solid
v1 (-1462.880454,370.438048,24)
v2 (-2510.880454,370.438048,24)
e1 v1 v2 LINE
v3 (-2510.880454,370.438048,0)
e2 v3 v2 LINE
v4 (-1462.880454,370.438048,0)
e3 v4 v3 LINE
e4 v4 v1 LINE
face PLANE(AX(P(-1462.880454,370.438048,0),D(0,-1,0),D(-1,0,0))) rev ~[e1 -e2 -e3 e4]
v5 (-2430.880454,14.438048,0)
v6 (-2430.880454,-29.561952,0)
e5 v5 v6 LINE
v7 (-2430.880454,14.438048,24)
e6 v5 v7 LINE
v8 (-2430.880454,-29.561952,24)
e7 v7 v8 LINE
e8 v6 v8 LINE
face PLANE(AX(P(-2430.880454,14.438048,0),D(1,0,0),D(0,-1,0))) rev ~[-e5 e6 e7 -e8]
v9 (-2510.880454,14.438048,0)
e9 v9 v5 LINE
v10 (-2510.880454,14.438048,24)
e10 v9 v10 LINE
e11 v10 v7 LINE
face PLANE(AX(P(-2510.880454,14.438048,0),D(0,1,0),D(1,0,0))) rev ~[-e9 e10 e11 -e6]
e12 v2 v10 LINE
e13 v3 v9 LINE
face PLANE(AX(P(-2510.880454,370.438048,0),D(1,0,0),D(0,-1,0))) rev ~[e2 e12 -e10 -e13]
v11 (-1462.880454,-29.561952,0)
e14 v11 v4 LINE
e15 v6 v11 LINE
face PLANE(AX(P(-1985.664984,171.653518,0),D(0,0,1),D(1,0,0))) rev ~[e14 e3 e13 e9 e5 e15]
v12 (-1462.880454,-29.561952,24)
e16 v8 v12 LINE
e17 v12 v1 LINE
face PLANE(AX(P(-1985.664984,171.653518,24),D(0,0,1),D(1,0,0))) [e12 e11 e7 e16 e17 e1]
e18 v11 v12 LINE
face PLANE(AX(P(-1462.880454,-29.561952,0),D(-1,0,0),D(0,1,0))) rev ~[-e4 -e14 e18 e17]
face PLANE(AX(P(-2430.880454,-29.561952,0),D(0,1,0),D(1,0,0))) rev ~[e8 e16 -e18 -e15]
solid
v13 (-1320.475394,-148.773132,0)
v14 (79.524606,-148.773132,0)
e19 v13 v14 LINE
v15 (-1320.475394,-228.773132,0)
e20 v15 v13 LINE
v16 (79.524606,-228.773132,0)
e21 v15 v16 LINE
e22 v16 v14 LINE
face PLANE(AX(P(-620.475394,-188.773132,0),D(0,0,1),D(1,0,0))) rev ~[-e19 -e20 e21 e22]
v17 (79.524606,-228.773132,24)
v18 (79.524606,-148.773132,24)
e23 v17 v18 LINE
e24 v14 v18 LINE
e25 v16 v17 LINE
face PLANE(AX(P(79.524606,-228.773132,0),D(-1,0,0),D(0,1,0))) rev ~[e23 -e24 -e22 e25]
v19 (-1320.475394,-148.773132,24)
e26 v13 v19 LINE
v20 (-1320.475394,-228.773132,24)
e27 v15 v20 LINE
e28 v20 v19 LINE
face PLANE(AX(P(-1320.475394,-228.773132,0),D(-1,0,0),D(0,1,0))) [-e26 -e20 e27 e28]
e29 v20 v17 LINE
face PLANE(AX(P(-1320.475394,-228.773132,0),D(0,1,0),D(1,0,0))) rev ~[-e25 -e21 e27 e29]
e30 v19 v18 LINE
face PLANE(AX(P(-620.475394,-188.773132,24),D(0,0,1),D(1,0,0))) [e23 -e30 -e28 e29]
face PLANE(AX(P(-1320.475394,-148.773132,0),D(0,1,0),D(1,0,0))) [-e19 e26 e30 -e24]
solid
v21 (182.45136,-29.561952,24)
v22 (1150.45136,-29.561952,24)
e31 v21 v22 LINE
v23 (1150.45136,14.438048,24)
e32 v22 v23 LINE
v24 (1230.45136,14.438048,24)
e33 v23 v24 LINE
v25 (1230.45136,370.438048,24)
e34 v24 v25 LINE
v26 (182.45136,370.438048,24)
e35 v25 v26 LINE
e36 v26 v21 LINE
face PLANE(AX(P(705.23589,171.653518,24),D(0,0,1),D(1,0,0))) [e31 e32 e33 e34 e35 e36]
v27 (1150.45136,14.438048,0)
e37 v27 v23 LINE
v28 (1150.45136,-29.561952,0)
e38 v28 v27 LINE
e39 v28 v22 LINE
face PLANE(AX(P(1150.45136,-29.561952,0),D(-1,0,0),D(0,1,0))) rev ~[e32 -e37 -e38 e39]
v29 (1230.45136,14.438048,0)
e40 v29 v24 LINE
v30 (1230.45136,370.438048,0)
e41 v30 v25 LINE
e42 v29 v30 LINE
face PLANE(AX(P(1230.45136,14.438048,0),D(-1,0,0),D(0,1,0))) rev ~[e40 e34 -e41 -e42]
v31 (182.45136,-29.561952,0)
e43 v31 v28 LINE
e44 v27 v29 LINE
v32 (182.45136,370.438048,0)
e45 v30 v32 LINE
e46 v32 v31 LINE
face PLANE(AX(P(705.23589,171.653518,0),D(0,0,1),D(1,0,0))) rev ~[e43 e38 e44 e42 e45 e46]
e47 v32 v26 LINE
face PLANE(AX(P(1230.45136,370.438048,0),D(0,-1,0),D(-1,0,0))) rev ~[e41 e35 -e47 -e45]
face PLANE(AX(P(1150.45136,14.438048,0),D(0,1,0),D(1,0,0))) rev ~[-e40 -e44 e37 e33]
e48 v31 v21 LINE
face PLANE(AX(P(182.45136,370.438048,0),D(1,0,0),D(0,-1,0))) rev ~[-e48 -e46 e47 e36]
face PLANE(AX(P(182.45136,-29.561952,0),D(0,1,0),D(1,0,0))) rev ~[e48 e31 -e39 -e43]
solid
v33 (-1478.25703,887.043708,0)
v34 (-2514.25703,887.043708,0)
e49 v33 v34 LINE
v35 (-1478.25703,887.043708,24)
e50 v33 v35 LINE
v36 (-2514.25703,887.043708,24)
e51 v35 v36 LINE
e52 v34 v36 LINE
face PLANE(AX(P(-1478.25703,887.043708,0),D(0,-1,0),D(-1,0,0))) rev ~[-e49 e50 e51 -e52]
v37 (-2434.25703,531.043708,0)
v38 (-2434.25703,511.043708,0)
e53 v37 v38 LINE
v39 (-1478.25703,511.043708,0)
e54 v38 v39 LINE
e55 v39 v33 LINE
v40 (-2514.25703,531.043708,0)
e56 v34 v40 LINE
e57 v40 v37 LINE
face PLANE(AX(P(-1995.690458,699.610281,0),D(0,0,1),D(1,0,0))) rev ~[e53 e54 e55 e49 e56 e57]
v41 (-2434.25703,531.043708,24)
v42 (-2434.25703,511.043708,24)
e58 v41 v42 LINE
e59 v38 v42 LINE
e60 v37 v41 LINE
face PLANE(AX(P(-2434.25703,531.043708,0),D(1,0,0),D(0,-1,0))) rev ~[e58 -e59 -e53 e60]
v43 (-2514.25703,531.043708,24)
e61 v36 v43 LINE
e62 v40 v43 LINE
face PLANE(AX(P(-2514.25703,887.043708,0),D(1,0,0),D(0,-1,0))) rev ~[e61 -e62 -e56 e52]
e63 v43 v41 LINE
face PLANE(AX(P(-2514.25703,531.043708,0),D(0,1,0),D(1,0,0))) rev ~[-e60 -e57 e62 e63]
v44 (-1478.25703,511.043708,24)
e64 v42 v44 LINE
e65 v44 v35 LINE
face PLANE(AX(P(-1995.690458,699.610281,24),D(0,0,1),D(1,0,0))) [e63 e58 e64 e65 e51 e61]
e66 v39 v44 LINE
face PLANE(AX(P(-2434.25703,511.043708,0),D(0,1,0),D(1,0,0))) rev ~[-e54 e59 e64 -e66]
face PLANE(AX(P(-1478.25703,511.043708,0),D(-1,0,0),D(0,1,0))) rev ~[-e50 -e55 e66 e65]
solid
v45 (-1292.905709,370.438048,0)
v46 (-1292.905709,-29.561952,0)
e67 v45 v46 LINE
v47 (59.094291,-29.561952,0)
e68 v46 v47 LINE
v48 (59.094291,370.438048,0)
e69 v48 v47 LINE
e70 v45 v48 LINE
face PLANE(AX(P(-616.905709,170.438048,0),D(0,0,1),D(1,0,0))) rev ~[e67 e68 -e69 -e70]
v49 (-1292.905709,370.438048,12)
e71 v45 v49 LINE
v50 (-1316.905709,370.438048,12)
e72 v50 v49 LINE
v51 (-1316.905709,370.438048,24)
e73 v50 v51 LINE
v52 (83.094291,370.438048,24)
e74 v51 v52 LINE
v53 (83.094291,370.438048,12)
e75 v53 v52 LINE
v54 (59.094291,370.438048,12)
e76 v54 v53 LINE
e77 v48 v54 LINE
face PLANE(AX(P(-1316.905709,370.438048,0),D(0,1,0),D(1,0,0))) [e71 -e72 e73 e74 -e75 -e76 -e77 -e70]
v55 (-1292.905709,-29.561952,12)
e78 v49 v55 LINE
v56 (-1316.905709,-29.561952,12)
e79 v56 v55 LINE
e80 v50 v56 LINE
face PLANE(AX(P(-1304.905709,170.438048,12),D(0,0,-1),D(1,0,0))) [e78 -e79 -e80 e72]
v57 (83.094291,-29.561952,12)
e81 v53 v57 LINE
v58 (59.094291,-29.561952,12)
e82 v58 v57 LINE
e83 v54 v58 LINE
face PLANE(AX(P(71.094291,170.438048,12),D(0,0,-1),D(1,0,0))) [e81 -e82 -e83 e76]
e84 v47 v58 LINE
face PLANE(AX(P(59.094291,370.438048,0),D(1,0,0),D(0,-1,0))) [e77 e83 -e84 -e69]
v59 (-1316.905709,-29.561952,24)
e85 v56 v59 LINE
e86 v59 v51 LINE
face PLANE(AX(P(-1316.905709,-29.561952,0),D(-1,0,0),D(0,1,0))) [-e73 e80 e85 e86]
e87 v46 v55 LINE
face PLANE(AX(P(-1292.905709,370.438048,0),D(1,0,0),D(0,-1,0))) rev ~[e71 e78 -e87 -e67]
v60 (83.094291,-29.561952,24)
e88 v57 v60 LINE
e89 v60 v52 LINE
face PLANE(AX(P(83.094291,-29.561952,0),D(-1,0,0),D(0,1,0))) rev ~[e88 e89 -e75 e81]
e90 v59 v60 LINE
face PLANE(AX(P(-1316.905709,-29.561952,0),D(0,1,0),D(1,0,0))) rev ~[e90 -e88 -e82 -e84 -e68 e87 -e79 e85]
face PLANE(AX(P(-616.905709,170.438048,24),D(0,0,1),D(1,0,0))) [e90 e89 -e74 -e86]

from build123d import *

# Parameters (mm, degrees)
F1_W      = 1400
F1_H      = 400
F2_DEPTH  = 24
F3_W      = 24
F3_H      = 400
F4_DEPTH  = 12
F6_DEPTH  = 24
F8_DEPTH  = 24
F10_DEPTH = 24
F11_W     = 1400
F11_H     = 80
F12_DEPTH = 24


with BuildPart() as f2:
    # F1 (on Top) → F2 (new body)
    with BuildSketch(Plane.XY):
        with Locations((-616.905708611, 170.4380482435)):
            Rectangle(F1_W, F1_H)
    extrude(amount=F2_DEPTH)

    # F3 (on face) → F4 (cut)
    with BuildSketch(Plane(origin=(0, 0, 0), x_dir=(1, 0, 0), z_dir=(0, 0, -1))):
        with Locations((-1304.905708611, -170.4380482435)):
            Rectangle(F3_W, F3_H)
        with Locations((71.094291389, -170.4380482435)):
            Rectangle(F3_W, F3_H)
    extrude(amount=-F4_DEPTH, mode=Mode.SUBTRACT)


with BuildPart() as f6:
    # F5 (on Top) → F6 (new body)
    with BuildSketch(Plane.XY):
        Polygon((1230.4513595249, 370.4380482435), (182.4513595249, 370.4380482435), (182.4513595249, -29.5619517565), (1150.4513595249, -29.5619517565), (1150.4513595249, 14.4380482435), (1230.4513595249, 14.4380482435), align=None)
    extrude(amount=F6_DEPTH)


with BuildPart() as f8:
    # F7 (on Top) → F8 (new body)
    with BuildSketch(Plane.XY):
        Polygon((-1462.8804537941, -29.5619517565), (-1462.8804537941, 370.4380482435), (-2510.8804537941, 370.4380482435), (-2510.8804537941, 14.4380482435), (-2430.8804537941, 14.4380482435), (-2430.8804537941, -29.5619517565), align=None)
    extrude(amount=F8_DEPTH)


with BuildPart() as f10:
    # F9 (on Top) → F10 (new body)
    with BuildSketch(Plane.XY):
        Polygon((-2434.2570304871, 511.0437083244), (-1478.2570304871, 511.0437083244), (-1478.2570304871, 887.0437083244), (-2514.2570304871, 887.0437083244), (-2514.2570304871, 531.0437083244), (-2434.2570304871, 531.0437083244), align=None)
    extrude(amount=F10_DEPTH)


with BuildPart() as f12:
    # F11 (on Top) → F12 (new body)
    with BuildSketch(Plane.XY):
        with Locations((-620.4753935337, -188.7731319666)):
            Rectangle(F11_W, F11_H)
    extrude(amount=F12_DEPTH)


solid = Compound([f2.part, f6.part, f8.part, f10.part, f12.part])
